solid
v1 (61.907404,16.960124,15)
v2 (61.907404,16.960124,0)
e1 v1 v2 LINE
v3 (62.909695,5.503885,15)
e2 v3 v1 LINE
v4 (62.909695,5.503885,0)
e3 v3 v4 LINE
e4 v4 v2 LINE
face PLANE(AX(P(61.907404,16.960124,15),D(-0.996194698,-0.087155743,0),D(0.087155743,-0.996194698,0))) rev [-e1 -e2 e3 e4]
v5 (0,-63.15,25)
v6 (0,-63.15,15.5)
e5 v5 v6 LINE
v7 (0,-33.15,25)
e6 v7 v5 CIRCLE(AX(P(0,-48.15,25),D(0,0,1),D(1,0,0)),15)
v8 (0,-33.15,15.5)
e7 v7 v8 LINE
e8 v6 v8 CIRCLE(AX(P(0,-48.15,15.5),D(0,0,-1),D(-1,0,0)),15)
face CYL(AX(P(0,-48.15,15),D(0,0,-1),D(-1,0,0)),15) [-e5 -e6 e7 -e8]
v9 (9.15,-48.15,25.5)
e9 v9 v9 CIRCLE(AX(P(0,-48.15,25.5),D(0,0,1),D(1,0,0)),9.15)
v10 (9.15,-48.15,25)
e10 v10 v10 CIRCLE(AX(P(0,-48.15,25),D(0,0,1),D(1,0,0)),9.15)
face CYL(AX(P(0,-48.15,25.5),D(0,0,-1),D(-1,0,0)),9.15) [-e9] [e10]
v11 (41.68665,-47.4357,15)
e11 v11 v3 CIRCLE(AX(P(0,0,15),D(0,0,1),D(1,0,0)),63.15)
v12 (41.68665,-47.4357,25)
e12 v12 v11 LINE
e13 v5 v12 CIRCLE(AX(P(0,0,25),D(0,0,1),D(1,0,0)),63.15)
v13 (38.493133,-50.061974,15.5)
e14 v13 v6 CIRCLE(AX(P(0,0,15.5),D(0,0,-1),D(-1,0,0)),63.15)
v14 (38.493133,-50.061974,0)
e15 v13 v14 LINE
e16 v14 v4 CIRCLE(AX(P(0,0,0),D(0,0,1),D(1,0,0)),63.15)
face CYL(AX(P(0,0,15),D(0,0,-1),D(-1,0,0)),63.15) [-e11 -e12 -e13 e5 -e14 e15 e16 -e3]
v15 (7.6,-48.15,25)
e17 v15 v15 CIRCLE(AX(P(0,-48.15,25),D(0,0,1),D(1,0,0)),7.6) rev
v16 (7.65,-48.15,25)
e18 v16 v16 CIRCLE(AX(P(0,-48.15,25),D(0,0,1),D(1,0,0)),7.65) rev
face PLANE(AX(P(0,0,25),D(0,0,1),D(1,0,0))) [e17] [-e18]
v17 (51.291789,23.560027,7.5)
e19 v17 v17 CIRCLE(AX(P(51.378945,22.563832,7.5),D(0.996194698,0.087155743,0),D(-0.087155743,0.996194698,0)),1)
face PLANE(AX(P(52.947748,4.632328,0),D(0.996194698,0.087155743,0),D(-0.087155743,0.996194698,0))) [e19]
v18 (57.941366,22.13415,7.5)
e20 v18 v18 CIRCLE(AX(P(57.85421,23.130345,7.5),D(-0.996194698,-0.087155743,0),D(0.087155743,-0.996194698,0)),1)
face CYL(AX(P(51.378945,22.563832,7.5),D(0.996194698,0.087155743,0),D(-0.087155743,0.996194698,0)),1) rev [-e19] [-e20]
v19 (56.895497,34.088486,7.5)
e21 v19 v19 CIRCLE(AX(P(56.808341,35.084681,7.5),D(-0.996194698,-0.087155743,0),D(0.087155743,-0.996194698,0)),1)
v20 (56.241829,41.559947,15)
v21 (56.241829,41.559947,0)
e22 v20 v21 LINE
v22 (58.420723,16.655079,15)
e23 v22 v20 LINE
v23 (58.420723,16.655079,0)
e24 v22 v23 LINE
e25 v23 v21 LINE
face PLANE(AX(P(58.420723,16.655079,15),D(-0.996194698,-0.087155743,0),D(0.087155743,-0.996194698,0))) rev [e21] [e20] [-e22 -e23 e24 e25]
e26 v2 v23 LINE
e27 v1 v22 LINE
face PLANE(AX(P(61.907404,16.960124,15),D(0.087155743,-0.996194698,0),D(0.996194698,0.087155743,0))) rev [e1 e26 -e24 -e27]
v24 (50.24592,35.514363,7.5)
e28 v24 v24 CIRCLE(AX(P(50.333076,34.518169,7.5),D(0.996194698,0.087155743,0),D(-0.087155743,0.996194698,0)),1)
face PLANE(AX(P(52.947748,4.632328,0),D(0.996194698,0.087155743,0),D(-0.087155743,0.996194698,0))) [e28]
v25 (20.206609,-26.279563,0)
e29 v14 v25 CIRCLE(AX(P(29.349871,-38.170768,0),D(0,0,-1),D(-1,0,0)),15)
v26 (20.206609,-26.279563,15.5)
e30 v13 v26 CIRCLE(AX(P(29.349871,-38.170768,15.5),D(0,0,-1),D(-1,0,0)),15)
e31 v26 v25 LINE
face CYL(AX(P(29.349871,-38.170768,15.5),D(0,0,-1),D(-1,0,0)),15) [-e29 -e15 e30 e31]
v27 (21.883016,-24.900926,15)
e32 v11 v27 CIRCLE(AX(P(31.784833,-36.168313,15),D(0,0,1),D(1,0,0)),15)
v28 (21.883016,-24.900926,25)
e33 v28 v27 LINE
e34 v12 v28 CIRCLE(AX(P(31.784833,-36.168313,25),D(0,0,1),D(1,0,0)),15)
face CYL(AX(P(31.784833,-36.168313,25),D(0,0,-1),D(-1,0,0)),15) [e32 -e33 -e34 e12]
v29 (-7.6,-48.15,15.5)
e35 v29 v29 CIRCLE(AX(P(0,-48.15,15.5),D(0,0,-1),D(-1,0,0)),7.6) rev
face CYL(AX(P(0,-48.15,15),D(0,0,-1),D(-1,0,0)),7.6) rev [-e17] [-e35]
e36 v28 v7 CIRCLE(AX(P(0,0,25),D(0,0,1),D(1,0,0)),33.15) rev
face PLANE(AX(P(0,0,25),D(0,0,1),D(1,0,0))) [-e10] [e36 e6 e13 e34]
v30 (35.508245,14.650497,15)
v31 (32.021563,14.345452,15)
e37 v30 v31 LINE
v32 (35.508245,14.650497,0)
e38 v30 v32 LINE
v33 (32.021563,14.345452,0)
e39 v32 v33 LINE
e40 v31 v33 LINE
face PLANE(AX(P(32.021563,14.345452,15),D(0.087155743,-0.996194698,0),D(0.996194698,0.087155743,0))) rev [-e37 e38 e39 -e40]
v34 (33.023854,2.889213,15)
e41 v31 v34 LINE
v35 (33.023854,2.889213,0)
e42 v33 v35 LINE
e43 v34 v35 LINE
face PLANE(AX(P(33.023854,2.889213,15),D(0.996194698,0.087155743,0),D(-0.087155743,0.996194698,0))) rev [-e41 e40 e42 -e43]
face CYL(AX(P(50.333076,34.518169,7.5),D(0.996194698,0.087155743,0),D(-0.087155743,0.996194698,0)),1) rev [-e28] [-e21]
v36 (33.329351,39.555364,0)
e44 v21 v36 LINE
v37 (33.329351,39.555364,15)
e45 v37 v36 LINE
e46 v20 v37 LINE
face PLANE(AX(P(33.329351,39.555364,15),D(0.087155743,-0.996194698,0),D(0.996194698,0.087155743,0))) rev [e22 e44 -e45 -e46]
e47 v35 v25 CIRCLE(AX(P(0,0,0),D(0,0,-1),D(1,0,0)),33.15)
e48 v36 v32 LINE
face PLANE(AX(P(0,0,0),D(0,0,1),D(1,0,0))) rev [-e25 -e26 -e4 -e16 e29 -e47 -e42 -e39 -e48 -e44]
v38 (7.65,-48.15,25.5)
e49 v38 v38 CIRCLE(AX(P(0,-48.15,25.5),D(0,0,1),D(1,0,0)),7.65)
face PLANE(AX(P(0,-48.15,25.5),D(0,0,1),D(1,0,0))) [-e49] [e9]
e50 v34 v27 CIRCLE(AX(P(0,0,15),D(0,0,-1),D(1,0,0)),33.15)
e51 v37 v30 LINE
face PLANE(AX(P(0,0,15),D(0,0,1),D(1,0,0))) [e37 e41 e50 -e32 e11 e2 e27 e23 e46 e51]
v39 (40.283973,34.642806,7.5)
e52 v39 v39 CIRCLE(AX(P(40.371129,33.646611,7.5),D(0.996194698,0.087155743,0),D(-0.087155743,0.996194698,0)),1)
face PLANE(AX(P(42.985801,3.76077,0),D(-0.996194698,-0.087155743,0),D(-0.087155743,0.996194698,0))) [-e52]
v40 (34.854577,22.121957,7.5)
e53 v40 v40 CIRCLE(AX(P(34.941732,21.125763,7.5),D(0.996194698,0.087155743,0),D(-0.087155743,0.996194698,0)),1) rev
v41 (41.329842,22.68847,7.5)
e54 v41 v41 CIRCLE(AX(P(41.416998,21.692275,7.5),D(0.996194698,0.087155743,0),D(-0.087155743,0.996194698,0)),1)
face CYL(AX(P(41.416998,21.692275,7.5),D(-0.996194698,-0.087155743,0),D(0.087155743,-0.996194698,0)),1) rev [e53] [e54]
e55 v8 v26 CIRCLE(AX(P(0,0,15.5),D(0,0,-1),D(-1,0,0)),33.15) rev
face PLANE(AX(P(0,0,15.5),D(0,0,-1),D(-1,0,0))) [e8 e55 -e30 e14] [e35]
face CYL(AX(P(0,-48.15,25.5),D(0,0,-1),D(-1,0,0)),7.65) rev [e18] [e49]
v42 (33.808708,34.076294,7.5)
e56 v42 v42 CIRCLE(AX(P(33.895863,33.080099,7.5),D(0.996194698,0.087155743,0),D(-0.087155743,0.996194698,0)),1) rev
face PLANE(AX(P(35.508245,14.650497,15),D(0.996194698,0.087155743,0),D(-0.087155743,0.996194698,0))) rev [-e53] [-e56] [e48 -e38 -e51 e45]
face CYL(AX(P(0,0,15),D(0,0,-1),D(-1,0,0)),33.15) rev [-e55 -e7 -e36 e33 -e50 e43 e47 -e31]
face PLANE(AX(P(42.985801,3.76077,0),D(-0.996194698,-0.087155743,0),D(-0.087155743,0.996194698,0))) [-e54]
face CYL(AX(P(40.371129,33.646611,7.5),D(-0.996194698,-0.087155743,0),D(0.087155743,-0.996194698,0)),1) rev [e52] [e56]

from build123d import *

# Parameters (mm, degrees)
SKETCH_396_R           = 7.6
EXTRUDE_924_DEPTH      = 15
CUT_EXTRUDE_1360_DEPTH = 10
SKETCH_1871_R          = 7.6
EXTRUDE_2829_DEPTH     = 10
SKETCH_2885_R          = 7.6
CUT_EXTRUDE_3705_DEPTH = 15.5
SKETCH_7625_R          = 9.15
SKETCH_7625_R_2        = 7.65
EXTRUDE_7744_DEPTH     = 0.5


with BuildPart() as part:
    # Sketch 396 → Extrude 924 (new body)
    with BuildSketch(Plane.XY):
        with BuildLine():
            Line((33.023854242, 2.889212872), (32.0215632, 14.3454519))
            Line((32.0215632, 14.3454519), (35.508244643, 14.650497))
            Line((35.508244643, 14.650497), (33.329351075, 39.555364452))
            Line((33.329351075, 39.555364452), (56.241829131, 41.559946535))
            Line((56.241829131, 41.559946535), (58.4207227, 16.655079083))
            Line((58.4207227, 16.655079083), (61.907404143, 16.960124183))
            Line((61.907404143, 16.960124183), (62.909695184, 5.503885155))
            ThreePointArc((62.909695184, 5.503885155), (46.55906382, -42.663521611), (0, -63.15))
            ThreePointArc((0, -63.15), (-15, -48.15), (0, -33.15))
            ThreePointArc((0, -33.15), (24.440743715, -22.395815382), (33.023854242, 2.889212872))
        make_face()
        with Locations((0, -48.15)):
            Circle(SKETCH_396_R, mode=Mode.SUBTRACT)
    extrude(amount=EXTRUDE_924_DEPTH)

    # Sketch 979 → Cut-Extrude 1360 (cut)
    with BuildSketch(Plane(origin=(62.909695184, 5.503885155, 0), x_dir=(0, 0, -1), z_dir=(0.9961946980917458, 0.08715574274765542, 0))):
        with BuildLine():
            ThreePointArc((-6.5, 30), (-6.792893219, 30.707106781), (-7.5, 31))
            Line((-7.5, 31), (-7.5, 29))
            ThreePointArc((-7.5, 29), (-6.792893219, 29.292893219), (-6.5, 30))
        make_face()
        with BuildLine():
            Line((-7.5, 29), (-7.5, 31))
            ThreePointArc((-7.5, 31), (-8.5, 30), (-7.5, 29))
        make_face()
        with BuildLine():
            ThreePointArc((-6.5, 18), (-6.792893219, 18.707106781), (-7.5, 19))
            Line((-7.5, 19), (-7.5, 17))
            ThreePointArc((-7.5, 17), (-6.792893219, 17.292893219), (-6.5, 18))
        make_face()
        with BuildLine():
            Line((-7.5, 17), (-7.5, 19))
            ThreePointArc((-7.5, 19), (-8.5, 18), (-7.5, 17))
        make_face()
    cut_extrude_1360 = extrude(amount=-CUT_EXTRUDE_1360_DEPTH, mode=Mode.SUBTRACT)

    # Mirror 1436: Cut-Extrude 1360 across plane
    add(cut_extrude_1360.mirror(Plane(origin=(47.966774713, 4.196549013, 0), x_dir=(0, 0, 1), z_dir=(0.9961946980917455, 0.0871557427476578, 0))), mode=Mode.SUBTRACT)

    # Sketch 1871 → Extrude 2829 (add)
    with BuildSketch(Plane.XY.offset(15)):
        with BuildLine():
            ThreePointArc((0, -63.15), (22.275075929, -59.090976404), (41.686650392, -47.43570047))
            ThreePointArc((41.686650392, -47.43570047), (43.052220482, -26.26649599), (21.883016002, -24.9009259))
            ThreePointArc((21.883016002, -24.9009259), (11.693092115, -31.019253647), (0, -33.15))
            ThreePointArc((0, -33.15), (-15, -48.15), (0, -63.15))
        make_face()
        with Locations((0, -48.15)):
            Circle(SKETCH_1871_R, mode=Mode.SUBTRACT)
    extrude(amount=EXTRUDE_2829_DEPTH)

    # Sketch 2885 → Cut-Extrude 3705 (cut)
    with BuildSketch(Plane(origin=(0, 0, 0), x_dir=(-1, 0, 0), z_dir=(0, 0, -1))):
        with BuildLine():
            ThreePointArc((0, -63.15), (15, -48.15), (0, -33.15))
            ThreePointArc((0, -33.15), (-10.671339307, -31.385426831), (-20.206608689, -26.279563643))
            ThreePointArc((-20.206608689, -26.279563643), (-17.458666259, -47.314030755), (-38.493133336, -50.061973453))
            ThreePointArc((-38.493133336, -50.061973453), (-20.328660512, -59.788527844), (0, -63.15))
        make_face()
        with Locations((0, -48.15)):
            Circle(SKETCH_2885_R, mode=Mode.SUBTRACT)
    extrude(amount=-CUT_EXTRUDE_3705_DEPTH, mode=Mode.SUBTRACT)

    # Sketch 7625 → Extrude 7744 (add)
    with BuildSketch(Plane.XY.offset(25)):
        with Locations((0, -48.15)):
            Circle(SKETCH_7625_R)
        with Locations((0, -48.15)):
            Circle(SKETCH_7625_R_2, mode=Mode.SUBTRACT)
    extrude(amount=EXTRUDE_7744_DEPTH)


solid = part.part
